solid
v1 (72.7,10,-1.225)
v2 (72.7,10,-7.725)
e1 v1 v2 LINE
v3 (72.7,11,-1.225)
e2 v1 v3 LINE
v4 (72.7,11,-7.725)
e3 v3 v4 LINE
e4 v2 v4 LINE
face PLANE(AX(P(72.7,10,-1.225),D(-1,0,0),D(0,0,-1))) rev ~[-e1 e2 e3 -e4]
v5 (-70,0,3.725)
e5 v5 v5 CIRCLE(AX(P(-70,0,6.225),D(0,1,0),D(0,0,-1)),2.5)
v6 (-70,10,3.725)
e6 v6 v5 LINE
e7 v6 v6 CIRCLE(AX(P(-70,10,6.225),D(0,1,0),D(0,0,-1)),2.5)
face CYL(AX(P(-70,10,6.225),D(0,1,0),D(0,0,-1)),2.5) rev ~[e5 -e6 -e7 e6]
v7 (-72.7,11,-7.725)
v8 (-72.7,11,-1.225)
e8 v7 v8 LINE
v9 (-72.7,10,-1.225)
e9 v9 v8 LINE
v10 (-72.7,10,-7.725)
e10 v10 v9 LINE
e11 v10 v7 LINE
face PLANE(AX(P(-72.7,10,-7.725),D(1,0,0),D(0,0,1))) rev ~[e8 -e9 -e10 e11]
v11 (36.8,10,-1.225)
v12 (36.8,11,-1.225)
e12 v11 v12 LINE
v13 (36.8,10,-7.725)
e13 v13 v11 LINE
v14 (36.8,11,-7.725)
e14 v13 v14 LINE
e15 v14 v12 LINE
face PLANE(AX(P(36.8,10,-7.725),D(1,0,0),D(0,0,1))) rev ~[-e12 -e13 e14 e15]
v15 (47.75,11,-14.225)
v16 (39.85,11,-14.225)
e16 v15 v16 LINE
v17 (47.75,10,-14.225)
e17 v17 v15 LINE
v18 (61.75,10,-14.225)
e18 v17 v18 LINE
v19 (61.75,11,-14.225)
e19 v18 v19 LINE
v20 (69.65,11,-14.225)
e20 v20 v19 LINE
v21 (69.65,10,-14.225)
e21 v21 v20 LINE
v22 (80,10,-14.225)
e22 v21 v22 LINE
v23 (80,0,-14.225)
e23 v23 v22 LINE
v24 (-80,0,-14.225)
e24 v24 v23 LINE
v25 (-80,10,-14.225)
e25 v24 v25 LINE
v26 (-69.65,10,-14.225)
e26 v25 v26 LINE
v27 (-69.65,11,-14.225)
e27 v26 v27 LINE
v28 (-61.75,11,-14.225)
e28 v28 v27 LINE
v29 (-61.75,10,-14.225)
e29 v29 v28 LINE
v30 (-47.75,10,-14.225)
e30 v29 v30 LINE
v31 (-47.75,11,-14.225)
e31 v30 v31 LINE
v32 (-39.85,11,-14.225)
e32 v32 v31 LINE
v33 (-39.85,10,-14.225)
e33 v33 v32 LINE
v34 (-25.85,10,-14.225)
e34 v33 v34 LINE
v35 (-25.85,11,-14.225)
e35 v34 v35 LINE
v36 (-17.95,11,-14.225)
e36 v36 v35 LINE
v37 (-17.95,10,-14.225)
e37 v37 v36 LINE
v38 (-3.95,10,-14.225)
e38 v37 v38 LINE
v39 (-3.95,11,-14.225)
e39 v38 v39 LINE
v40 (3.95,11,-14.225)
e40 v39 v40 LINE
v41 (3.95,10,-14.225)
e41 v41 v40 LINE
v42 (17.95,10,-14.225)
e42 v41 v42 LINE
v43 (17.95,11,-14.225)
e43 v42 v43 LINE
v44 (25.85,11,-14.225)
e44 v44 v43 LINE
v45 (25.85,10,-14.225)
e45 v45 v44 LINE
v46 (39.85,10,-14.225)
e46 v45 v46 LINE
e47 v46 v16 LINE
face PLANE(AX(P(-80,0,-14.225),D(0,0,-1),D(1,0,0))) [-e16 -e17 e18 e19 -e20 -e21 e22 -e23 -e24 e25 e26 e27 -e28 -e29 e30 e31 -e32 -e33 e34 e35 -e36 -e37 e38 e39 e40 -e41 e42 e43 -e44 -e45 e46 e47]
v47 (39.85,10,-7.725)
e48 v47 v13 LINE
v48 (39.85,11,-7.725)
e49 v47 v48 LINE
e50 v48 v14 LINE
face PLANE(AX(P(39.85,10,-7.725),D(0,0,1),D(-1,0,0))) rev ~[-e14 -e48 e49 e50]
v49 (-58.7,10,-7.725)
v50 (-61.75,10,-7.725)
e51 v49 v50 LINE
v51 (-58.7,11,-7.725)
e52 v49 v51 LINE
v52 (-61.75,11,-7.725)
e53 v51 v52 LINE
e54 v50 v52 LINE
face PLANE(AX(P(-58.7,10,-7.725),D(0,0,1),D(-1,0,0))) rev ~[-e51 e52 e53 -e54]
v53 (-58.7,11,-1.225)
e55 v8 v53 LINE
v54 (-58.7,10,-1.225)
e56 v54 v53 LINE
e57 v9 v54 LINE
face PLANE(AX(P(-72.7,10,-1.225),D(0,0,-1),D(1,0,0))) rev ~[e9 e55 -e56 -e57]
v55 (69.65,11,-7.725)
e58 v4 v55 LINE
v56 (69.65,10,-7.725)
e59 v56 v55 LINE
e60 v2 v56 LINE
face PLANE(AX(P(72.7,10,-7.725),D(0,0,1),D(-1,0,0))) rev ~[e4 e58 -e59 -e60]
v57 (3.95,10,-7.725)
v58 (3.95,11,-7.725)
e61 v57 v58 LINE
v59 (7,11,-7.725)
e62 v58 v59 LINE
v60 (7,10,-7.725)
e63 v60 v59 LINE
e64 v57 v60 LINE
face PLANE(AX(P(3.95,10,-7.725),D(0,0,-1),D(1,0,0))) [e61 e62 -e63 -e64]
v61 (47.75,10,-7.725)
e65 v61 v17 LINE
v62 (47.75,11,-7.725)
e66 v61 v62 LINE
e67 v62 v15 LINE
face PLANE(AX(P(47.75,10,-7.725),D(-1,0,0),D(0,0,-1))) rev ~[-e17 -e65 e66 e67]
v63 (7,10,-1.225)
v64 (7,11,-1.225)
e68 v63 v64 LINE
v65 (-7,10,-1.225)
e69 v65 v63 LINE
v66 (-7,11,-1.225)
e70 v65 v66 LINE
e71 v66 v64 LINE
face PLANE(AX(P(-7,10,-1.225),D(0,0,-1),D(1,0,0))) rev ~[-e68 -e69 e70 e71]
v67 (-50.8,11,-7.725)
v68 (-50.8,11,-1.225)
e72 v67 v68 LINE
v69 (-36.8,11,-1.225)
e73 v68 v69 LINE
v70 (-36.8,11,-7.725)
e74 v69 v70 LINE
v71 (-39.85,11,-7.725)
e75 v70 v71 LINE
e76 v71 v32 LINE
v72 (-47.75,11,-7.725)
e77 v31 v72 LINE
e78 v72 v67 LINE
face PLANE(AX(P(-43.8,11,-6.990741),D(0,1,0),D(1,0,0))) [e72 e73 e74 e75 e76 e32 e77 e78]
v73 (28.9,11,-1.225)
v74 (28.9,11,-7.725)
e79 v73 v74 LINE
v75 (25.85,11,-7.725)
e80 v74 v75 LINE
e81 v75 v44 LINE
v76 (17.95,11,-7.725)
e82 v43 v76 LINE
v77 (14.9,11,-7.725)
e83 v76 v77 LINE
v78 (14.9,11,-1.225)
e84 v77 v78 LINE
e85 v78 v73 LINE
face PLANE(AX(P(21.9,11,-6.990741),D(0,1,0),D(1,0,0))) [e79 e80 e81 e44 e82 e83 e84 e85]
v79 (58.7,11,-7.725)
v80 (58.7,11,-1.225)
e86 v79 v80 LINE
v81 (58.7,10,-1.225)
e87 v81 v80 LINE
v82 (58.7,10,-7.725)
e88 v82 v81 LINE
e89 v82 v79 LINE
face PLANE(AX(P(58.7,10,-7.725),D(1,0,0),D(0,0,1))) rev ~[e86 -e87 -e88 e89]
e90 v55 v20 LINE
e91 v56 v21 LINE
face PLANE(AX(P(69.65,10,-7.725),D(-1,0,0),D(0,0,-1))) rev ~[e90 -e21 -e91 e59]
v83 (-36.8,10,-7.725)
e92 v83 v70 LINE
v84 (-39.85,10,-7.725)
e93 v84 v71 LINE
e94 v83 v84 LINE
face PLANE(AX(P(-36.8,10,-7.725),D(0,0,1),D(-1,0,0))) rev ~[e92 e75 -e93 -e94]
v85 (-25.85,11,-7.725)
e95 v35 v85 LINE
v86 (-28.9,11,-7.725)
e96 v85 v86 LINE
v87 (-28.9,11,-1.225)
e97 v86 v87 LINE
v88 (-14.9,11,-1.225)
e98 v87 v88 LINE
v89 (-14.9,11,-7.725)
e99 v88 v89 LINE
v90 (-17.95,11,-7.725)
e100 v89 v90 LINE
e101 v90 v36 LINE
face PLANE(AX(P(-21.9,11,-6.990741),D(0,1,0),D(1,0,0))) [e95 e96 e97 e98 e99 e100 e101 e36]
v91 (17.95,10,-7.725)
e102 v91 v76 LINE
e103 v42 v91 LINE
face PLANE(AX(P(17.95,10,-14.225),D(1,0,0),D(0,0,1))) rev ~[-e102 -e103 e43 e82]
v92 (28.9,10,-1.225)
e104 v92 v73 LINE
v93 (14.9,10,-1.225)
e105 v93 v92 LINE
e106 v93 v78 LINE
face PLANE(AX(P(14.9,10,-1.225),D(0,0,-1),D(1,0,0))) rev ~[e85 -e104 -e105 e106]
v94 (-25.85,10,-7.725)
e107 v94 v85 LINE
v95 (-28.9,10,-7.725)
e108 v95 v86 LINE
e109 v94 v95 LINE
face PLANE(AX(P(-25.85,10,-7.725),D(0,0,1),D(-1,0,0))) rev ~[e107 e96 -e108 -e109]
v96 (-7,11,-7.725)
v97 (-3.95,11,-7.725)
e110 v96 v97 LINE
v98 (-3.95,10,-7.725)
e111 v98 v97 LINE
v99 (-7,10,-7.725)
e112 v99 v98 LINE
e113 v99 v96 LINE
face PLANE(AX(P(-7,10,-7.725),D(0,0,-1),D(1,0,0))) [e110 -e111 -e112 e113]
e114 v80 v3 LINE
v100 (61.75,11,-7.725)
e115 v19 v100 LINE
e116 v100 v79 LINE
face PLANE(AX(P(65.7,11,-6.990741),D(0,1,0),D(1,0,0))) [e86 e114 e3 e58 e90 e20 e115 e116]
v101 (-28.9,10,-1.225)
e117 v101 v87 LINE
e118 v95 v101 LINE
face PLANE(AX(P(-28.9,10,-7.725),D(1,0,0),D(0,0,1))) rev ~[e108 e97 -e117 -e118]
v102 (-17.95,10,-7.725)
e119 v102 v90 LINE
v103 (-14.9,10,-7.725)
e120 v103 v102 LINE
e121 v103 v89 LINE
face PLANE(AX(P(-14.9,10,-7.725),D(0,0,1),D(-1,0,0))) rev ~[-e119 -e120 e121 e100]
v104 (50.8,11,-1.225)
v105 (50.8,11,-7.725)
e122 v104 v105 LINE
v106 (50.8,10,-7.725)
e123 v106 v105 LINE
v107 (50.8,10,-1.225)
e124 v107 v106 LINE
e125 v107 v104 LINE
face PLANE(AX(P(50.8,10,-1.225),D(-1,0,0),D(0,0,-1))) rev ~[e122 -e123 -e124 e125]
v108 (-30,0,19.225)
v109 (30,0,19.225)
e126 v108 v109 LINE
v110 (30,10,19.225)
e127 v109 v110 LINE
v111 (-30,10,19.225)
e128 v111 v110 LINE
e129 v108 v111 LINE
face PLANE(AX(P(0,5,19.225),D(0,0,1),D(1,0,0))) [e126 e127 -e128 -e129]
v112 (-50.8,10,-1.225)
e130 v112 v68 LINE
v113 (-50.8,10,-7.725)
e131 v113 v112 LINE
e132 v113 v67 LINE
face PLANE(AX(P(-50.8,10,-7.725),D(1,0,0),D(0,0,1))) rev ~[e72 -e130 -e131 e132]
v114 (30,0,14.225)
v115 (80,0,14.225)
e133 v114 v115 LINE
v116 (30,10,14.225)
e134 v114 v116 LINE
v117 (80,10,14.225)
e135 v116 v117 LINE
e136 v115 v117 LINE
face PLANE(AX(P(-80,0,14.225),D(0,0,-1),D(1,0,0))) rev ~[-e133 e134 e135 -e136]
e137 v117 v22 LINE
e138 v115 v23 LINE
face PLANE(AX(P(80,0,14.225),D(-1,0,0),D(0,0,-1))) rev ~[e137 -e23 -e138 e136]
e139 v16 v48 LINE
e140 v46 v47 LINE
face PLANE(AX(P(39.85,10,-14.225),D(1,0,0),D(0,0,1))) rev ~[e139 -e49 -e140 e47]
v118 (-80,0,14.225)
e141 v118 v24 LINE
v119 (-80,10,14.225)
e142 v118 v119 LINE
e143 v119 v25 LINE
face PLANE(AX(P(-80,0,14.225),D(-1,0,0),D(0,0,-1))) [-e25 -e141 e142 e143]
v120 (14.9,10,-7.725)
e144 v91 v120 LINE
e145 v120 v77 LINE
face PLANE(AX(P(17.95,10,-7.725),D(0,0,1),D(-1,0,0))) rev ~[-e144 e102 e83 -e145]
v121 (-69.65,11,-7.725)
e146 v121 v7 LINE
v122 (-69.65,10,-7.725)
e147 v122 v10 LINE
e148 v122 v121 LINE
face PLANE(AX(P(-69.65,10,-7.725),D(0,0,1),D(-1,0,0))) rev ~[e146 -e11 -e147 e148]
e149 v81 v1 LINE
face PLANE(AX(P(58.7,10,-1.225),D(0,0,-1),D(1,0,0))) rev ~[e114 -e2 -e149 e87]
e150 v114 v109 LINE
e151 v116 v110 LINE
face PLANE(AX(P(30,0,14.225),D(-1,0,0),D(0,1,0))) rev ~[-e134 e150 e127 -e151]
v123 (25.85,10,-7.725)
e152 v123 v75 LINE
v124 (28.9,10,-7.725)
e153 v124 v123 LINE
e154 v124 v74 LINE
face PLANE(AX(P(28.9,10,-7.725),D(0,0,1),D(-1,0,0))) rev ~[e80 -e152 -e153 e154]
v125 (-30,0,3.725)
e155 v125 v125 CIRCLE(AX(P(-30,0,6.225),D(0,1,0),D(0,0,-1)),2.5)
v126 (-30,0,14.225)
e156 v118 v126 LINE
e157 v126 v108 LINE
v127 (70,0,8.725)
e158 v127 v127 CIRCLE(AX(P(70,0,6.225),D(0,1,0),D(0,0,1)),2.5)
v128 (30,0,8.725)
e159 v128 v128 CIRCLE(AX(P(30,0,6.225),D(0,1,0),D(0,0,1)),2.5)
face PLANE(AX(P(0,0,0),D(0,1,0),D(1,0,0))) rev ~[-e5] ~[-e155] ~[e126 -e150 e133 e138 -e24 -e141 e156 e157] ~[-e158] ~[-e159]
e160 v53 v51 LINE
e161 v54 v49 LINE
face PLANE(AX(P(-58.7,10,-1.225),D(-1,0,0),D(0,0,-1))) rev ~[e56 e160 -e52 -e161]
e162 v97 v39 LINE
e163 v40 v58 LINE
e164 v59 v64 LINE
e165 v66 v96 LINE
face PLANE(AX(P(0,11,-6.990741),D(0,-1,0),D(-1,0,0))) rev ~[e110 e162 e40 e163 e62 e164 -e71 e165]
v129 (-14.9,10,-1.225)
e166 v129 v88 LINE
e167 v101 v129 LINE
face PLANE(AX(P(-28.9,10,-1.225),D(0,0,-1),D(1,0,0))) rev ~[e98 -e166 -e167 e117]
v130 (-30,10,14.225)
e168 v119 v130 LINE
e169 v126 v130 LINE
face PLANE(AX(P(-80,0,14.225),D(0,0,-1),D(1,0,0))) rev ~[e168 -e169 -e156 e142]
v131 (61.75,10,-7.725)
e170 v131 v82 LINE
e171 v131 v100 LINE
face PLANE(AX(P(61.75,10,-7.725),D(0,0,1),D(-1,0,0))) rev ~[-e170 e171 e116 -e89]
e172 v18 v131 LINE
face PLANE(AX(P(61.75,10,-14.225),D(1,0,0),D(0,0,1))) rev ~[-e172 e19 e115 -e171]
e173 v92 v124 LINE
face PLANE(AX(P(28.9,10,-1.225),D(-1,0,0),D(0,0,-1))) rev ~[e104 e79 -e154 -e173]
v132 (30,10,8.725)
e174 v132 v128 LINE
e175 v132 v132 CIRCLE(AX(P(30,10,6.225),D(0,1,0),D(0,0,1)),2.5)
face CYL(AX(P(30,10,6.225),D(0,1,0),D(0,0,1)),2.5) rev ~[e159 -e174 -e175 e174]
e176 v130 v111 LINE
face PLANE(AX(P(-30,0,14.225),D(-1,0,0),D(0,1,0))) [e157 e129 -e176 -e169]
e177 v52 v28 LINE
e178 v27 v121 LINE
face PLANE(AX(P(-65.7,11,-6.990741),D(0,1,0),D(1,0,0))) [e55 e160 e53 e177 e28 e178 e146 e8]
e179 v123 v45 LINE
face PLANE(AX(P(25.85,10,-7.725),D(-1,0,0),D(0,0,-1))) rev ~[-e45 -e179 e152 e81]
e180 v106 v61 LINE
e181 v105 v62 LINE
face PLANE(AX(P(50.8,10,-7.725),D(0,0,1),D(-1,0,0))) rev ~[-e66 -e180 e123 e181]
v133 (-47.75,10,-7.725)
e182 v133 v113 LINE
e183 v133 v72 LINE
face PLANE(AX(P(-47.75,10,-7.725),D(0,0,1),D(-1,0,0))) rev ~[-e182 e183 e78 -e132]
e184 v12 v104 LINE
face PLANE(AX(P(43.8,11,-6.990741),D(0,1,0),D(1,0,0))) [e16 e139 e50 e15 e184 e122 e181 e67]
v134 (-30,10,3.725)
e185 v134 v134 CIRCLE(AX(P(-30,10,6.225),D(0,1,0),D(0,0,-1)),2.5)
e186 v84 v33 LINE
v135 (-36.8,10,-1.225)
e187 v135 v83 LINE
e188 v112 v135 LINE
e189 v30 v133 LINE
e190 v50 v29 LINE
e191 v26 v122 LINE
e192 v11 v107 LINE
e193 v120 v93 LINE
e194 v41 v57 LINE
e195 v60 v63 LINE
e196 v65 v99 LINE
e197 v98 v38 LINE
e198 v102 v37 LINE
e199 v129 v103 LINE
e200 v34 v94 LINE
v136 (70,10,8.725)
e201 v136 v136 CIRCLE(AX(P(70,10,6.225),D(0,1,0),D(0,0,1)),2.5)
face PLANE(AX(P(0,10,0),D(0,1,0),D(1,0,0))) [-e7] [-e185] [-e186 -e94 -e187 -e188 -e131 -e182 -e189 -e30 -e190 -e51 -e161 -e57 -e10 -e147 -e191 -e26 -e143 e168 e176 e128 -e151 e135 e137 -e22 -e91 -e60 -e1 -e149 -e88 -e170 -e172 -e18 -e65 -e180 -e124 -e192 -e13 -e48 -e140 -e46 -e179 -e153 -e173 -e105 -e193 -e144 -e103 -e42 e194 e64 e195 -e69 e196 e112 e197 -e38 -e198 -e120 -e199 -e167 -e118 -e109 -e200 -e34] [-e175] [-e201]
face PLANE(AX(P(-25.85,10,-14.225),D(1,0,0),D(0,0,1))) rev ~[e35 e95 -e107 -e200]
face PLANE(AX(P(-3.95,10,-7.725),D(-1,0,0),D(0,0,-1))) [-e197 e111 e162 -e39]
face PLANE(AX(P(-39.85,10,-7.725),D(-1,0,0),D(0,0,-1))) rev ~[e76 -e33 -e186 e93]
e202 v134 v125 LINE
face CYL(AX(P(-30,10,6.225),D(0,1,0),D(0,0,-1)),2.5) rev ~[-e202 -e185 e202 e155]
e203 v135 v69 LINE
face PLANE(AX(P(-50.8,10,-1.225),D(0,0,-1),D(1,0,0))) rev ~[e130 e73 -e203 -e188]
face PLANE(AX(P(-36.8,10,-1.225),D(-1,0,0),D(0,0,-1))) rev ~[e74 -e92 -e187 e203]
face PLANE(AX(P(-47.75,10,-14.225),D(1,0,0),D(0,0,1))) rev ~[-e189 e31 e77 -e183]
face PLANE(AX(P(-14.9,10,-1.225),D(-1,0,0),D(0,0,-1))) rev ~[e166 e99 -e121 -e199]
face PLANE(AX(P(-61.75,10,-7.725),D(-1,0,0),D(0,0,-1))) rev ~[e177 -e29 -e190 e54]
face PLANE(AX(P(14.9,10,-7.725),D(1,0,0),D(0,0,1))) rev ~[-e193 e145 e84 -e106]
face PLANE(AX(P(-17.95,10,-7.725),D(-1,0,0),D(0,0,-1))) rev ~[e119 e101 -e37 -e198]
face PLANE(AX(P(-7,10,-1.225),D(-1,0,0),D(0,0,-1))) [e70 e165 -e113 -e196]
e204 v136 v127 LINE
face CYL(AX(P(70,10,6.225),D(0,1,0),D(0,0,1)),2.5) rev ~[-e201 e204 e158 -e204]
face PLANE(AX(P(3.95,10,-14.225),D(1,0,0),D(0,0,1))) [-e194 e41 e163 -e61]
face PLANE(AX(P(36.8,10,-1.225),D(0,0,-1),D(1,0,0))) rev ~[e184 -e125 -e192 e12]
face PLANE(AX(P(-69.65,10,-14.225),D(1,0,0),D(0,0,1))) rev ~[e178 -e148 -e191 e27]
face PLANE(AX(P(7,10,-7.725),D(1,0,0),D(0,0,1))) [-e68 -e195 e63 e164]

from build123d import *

# Parameters (mm, degrees)
SKETCH2_W           = 160
SKETCH2_H           = 28.45
BOSS_EXTRUDE1_DEPTH = 10
SKETCH4_W           = 60
SKETCH4_H           = 10
BOSS_EXTRUDE2_DEPTH = 5
SKETCH5_R           = 2.5
CUT_EXTRUDE1_DEPTH  = 83.883053907
BOSS_EXTRUDE3_DEPTH = 1


with BuildPart() as part:
    # Sketch2 → Boss-Extrude1 (new body)
    with BuildSketch(Plane(origin=(0, 0, 0), x_dir=(1, 0, 0), z_dir=(0, 1, 0))):
        Rectangle(SKETCH2_W, SKETCH2_H)
    extrude(amount=BOSS_EXTRUDE1_DEPTH)

    # Sketch4 → Boss-Extrude2 (add)
    with BuildSketch(Plane.XY.offset(14.225)):
        with Locations((0, 5)):
            Rectangle(SKETCH4_W, SKETCH4_H)
    extrude(amount=BOSS_EXTRUDE2_DEPTH)

    # Sketch5 → Cut-Extrude1 (cut, through all)
    with BuildSketch(Plane(origin=(0, 10, 0), x_dir=(1, 0, 0), z_dir=(0, 1, 0))):
        with Locations(Location((70, -6.225, 0), (0, 0, 270))):
            Circle(SKETCH5_R)
        with Locations(Location((30, -6.225, 0), (0, 0, 270))):
            Circle(SKETCH5_R)
        with Locations(Location((-30, -6.225, 0), (0, 0, 90))):
            Circle(SKETCH5_R)
        with Locations(Location((-70, -6.225, 0), (0, 0, 90))):
            Circle(SKETCH5_R)
    extrude(amount=-CUT_EXTRUDE1_DEPTH, mode=Mode.SUBTRACT)

    # Sketch6 → Boss-Extrude3 (add)
    with BuildSketch(Plane(origin=(0, 10, 0), x_dir=(1, 0, 0), z_dir=(0, 1, 0))):
        Polygon((3.95, 14.225), (3.95, 7.725), (7, 7.725), (7, 1.225), (0, 1.225), (-7, 1.225), (-7, 7.725), (-3.95, 7.725), (-3.95, 14.225), align=None)
        Polygon((-17.95, 14.225), (-25.85, 14.225), (-25.85, 7.725), (-28.9, 7.725), (-28.9, 1.225), (-21.9, 1.225), (-14.9, 1.225), (-14.9, 7.725), (-17.95, 7.725), align=None)
        Polygon((-39.85, 14.225), (-47.75, 14.225), (-47.75, 7.725), (-50.8, 7.725), (-50.8, 1.225), (-43.8, 1.225), (-36.8, 1.225), (-36.8, 7.725), (-39.85, 7.725), align=None)
        Polygon((-61.75, 14.225), (-69.65, 14.225), (-69.65, 7.725), (-72.7, 7.725), (-72.7, 1.225), (-65.7, 1.225), (-58.7, 1.225), (-58.7, 7.725), (-61.75, 7.725), align=None)
        Polygon((25.85, 14.225), (17.95, 14.225), (17.95, 7.725), (14.9, 7.725), (14.9, 1.225), (21.9, 1.225), (28.9, 1.225), (28.9, 7.725), (25.85, 7.725), align=None)
        Polygon((47.75, 14.225), (39.85, 14.225), (39.85, 7.725), (36.8, 7.725), (36.8, 1.225), (43.8, 1.225), (50.8, 1.225), (50.8, 7.725), (47.75, 7.725), align=None)
        Polygon((69.65, 14.225), (61.75, 14.225), (61.75, 7.725), (58.7, 7.725), (58.7, 1.225), (65.7, 1.225), (72.7, 1.225), (72.7, 7.725), (69.65, 7.725), align=None)
    extrude(amount=BOSS_EXTRUDE3_DEPTH)


solid = part.part
